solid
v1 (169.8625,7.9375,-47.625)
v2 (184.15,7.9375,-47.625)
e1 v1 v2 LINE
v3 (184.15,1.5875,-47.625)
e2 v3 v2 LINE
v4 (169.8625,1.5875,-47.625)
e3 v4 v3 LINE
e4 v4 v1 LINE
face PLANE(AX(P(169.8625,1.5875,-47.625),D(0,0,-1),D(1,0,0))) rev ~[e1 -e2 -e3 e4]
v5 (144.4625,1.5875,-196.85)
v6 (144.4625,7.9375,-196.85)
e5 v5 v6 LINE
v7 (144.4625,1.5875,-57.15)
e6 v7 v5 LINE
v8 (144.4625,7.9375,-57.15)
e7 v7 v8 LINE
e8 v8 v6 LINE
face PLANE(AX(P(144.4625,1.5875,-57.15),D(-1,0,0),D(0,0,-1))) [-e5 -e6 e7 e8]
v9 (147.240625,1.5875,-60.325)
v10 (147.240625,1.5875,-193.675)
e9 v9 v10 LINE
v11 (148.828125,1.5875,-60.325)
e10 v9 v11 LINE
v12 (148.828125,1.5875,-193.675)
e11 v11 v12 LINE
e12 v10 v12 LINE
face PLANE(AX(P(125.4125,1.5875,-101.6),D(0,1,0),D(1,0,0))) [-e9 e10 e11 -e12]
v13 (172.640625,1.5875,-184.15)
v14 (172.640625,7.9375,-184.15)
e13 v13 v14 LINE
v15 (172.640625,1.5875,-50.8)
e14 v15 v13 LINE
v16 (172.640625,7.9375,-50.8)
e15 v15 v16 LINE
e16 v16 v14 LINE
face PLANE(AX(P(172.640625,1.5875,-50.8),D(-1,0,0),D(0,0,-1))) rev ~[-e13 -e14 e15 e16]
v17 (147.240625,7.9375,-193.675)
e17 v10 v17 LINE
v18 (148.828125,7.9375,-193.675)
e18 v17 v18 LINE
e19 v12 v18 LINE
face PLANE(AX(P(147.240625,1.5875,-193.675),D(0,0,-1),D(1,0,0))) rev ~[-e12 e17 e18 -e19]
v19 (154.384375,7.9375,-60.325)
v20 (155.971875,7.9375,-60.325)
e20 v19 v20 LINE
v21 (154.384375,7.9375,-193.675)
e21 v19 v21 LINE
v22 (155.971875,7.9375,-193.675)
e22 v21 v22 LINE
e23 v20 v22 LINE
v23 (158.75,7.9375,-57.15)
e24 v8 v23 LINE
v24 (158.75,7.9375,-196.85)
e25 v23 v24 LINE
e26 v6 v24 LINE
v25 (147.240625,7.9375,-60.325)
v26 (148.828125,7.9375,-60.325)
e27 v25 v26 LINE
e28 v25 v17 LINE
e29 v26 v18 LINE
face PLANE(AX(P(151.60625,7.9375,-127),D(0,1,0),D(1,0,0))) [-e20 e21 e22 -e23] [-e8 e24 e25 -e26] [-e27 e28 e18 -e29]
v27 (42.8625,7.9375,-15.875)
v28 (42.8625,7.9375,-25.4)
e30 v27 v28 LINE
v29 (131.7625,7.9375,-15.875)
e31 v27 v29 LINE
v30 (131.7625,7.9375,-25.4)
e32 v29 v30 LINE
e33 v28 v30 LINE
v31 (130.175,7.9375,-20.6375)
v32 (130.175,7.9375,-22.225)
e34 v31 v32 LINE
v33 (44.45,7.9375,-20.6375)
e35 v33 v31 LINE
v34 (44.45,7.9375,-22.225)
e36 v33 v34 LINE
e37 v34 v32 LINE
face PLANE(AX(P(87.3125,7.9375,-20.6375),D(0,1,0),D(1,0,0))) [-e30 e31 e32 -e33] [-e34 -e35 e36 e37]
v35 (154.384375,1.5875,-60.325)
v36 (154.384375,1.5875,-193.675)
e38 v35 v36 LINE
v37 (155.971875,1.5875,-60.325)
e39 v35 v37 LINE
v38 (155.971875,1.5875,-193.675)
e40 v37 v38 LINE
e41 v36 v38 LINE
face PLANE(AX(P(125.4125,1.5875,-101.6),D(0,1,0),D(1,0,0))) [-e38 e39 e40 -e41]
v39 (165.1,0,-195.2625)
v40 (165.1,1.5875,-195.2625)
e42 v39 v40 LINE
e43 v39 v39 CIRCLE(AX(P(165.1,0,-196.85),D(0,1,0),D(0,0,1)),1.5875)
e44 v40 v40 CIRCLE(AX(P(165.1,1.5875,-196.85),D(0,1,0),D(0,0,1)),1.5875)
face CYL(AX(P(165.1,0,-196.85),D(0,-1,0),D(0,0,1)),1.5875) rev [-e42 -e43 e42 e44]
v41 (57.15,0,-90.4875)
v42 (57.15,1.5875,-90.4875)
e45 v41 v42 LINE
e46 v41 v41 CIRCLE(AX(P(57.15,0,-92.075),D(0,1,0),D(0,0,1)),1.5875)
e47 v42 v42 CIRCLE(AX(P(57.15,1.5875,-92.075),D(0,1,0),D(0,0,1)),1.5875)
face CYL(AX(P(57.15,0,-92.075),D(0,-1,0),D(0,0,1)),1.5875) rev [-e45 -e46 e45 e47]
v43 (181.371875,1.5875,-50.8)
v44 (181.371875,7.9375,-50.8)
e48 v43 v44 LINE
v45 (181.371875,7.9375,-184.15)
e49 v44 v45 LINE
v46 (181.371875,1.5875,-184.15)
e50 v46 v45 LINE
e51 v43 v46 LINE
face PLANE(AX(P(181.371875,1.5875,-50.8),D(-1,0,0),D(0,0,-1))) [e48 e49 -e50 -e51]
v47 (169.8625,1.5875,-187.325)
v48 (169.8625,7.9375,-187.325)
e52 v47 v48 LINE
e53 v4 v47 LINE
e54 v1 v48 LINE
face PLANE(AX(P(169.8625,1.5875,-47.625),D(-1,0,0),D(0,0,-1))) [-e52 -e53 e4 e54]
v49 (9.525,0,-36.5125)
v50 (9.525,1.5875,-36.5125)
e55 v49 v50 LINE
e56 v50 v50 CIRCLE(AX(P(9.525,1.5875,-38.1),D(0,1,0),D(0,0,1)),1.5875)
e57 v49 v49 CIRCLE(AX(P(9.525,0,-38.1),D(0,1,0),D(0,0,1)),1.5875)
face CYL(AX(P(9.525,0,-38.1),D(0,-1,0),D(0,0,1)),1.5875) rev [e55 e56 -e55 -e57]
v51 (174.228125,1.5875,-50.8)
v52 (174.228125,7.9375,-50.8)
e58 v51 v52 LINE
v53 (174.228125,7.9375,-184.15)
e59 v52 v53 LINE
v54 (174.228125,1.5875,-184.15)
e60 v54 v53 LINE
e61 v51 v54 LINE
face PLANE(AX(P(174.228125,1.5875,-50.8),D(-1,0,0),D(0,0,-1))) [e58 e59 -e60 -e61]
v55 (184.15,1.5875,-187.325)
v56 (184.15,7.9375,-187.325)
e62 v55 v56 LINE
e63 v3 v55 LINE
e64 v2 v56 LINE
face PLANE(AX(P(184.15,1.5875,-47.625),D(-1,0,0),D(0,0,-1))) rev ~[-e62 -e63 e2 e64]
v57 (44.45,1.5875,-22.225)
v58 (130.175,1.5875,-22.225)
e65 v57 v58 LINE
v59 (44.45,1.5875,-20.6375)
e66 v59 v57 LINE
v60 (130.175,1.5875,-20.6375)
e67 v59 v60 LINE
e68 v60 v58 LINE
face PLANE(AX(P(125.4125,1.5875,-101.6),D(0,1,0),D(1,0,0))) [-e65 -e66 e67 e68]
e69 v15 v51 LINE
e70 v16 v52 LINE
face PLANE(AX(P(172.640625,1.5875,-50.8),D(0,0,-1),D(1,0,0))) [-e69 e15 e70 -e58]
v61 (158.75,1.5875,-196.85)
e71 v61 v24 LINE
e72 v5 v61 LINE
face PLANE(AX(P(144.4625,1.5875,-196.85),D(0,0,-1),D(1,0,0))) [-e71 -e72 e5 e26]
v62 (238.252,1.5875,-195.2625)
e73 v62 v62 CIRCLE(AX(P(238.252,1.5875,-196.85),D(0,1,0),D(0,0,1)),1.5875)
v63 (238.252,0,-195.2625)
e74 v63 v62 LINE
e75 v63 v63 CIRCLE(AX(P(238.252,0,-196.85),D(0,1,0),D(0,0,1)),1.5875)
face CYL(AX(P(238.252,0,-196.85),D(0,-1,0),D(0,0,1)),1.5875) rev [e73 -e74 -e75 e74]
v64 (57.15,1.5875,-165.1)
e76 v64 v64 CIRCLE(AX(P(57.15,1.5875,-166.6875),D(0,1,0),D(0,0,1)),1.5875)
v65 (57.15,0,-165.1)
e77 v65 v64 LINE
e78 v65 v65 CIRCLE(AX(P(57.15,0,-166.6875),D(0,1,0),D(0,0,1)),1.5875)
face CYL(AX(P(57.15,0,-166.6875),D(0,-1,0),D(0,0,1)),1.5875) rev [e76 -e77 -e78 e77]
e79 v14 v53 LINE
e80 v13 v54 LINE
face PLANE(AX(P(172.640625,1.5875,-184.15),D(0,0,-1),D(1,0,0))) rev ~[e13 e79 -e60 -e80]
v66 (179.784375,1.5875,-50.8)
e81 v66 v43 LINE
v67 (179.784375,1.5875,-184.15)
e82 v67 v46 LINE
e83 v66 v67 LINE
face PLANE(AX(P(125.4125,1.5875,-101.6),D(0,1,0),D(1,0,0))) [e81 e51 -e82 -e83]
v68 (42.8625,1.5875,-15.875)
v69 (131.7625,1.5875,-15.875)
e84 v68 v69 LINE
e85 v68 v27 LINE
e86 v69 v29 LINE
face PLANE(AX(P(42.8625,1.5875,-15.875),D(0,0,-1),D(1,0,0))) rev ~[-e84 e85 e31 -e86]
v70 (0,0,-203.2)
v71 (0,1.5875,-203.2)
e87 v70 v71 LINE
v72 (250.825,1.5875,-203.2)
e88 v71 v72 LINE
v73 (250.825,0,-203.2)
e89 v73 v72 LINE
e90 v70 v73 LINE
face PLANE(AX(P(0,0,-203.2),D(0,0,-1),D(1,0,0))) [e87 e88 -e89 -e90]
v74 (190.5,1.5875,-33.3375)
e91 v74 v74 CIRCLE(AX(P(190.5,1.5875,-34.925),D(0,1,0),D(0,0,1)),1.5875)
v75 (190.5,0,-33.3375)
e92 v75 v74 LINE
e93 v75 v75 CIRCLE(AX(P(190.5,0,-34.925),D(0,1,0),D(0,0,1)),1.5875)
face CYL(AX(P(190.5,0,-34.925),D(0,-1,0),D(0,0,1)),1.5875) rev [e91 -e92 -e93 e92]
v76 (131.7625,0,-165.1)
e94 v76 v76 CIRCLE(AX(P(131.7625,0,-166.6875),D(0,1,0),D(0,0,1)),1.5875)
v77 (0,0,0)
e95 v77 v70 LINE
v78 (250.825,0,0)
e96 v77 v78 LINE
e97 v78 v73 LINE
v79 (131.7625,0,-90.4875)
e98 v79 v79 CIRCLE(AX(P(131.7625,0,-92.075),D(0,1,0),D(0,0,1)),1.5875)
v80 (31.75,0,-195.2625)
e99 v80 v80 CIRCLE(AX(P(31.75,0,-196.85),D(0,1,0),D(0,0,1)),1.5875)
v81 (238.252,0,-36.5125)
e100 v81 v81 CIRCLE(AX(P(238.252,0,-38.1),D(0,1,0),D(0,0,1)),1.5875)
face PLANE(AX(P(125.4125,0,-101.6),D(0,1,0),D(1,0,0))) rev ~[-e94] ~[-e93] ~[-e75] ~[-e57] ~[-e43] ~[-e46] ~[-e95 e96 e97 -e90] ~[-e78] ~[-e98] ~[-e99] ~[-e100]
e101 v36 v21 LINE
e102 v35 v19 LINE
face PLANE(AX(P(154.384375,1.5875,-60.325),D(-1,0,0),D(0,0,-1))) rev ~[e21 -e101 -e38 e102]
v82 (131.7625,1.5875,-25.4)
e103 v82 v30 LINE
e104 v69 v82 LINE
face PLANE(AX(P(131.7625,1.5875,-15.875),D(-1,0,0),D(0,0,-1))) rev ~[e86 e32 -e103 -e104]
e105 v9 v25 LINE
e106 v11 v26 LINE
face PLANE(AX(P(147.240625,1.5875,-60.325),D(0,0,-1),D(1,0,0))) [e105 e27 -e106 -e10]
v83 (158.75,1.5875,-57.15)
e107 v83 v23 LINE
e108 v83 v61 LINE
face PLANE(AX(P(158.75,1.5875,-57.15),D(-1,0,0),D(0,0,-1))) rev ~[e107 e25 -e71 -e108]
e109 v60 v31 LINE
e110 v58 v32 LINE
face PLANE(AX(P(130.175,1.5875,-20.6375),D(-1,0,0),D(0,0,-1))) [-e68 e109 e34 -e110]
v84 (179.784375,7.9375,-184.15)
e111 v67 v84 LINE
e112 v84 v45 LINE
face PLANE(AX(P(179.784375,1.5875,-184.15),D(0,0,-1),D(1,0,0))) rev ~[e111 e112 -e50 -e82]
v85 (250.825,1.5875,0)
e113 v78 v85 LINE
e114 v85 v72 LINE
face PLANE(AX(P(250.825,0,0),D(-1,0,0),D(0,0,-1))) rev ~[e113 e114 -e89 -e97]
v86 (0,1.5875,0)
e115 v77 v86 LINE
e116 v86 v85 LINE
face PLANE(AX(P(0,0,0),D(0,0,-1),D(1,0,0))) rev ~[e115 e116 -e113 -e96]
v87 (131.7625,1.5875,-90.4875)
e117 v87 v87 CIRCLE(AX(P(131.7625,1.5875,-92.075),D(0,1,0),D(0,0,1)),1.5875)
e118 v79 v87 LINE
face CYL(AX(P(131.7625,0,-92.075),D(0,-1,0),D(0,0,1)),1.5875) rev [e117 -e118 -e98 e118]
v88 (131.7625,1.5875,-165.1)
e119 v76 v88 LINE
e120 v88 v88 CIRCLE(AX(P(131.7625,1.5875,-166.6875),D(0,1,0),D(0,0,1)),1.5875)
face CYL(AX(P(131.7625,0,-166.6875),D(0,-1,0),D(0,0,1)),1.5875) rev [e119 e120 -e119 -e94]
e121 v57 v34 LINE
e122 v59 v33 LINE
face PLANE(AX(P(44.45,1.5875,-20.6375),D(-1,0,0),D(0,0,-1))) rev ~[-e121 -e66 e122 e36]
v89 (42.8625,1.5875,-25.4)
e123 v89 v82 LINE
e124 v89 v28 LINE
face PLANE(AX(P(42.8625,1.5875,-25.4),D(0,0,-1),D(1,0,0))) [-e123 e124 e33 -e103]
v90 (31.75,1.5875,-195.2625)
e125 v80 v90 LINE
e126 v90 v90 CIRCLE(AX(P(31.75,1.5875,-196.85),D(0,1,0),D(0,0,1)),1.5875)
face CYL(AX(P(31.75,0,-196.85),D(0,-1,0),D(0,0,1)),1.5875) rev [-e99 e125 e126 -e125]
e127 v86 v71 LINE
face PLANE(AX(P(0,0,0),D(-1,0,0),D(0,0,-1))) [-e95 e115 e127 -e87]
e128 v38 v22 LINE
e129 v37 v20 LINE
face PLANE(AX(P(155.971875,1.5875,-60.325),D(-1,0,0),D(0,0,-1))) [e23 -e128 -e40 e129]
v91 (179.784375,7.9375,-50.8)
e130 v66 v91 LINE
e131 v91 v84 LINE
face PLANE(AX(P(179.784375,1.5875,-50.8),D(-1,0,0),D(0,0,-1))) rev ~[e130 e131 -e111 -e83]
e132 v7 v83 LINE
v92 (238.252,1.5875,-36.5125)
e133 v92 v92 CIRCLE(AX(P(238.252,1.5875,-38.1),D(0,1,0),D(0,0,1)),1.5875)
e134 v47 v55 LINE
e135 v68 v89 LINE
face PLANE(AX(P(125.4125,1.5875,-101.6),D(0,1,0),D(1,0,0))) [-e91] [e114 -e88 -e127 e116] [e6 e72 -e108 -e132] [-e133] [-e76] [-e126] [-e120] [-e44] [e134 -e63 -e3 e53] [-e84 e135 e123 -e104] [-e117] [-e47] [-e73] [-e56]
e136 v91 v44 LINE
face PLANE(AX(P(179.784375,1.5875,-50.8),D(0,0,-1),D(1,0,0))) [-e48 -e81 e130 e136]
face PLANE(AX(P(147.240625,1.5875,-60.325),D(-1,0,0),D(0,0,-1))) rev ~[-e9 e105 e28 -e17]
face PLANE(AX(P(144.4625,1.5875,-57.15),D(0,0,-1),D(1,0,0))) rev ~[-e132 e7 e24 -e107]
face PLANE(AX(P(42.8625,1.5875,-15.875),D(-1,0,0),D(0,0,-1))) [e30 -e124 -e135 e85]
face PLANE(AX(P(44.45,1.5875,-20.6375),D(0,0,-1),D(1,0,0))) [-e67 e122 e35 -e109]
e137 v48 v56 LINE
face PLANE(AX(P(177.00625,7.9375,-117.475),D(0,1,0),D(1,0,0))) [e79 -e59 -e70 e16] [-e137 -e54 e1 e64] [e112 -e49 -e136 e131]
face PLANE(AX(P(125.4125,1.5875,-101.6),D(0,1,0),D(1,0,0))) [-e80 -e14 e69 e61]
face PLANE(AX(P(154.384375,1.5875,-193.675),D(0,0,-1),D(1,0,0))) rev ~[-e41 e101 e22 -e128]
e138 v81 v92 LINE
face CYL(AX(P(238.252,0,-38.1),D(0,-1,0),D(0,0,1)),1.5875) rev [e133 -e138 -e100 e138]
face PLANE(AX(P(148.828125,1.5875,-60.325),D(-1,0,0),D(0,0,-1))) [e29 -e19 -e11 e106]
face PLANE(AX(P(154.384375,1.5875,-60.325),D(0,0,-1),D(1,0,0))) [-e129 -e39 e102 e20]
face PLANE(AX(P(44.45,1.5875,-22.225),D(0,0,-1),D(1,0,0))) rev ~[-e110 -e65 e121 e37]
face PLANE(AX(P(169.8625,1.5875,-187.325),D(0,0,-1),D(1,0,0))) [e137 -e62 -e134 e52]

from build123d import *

# Parameters (mm, degrees)
SKETCH1_W           = 250.825
SKETCH1_H           = 203.2
SKETCH1_R           = 1.5875
BOSS_EXTRUDE1_DEPTH = 1.5875
SKETCH2_W           = 14.2875
SKETCH2_H           = 139.7
SKETCH2_W_2         = 1.5875
SKETCH2_H_2         = 133.35
SKETCH2_W_3         = 88.9
SKETCH2_H_3         = 9.525
SKETCH2_W_4         = 85.725
SKETCH2_H_4         = 1.5875
BOSS_EXTRUDE2_DEPTH = 6.35


with BuildPart() as part:
    # Sketch1 → Boss-Extrude1 (new body)
    with BuildSketch(Plane(origin=(0, 0, 0), x_dir=(1, 0, 0), z_dir=(0, 1, 0))):
        with Locations((125.4125, 101.6)):
            Rectangle(SKETCH1_W, SKETCH1_H)
        with Locations(Location((31.75, 196.85, 0), (0, 0, 270))):
            Circle(SKETCH1_R, mode=Mode.SUBTRACT)
        with Locations(Location((165.1, 196.85, 0), (0, 0, 270))):
            Circle(SKETCH1_R, mode=Mode.SUBTRACT)
        with Locations(Location((238.252, 196.85, 0), (0, 0, 270))):
            Circle(SKETCH1_R, mode=Mode.SUBTRACT)
        with Locations(Location((238.252, 38.1, 0), (0, 0, 270))):
            Circle(SKETCH1_R, mode=Mode.SUBTRACT)
        with Locations(Location((190.5, 34.925, 0), (0, 0, 270))):
            Circle(SKETCH1_R, mode=Mode.SUBTRACT)
        with Locations(Location((9.525, 38.1, 0), (0, 0, 270))):
            Circle(SKETCH1_R, mode=Mode.SUBTRACT)
        with Locations(Location((57.15, 166.6875, 0), (0, 0, 270))):
            Circle(SKETCH1_R, mode=Mode.SUBTRACT)
        with Locations(Location((131.7625, 166.6875, 0), (0, 0, 270))):
            Circle(SKETCH1_R, mode=Mode.SUBTRACT)
        with Locations(Location((131.7625, 92.075, 0), (0, 0, 270))):
            Circle(SKETCH1_R, mode=Mode.SUBTRACT)
        with Locations(Location((57.15, 92.075, 0), (0, 0, 270))):
            Circle(SKETCH1_R, mode=Mode.SUBTRACT)
    extrude(amount=BOSS_EXTRUDE1_DEPTH)

    # Sketch2 → Boss-Extrude2 (add)
    # profile 1 of 3: a face of its own
    with BuildSketch(Plane(origin=(0, 1.5875, 0), x_dir=(1, 0, 0), z_dir=(0, 1, 0))):
        with Locations((151.60625, 127)):
            Rectangle(SKETCH2_W, SKETCH2_H)
        with Locations((148.034375, 127)):
            Rectangle(SKETCH2_W_2, SKETCH2_H_2, mode=Mode.SUBTRACT)
        with Locations((155.178125, 127)):
            Rectangle(SKETCH2_W_2, SKETCH2_H_2, mode=Mode.SUBTRACT)
    # profile 2 of 3: a face of its own
    with BuildSketch(Plane(origin=(0, 1.5875, 0), x_dir=(1, 0, 0), z_dir=(0, 1, 0))):
        with Locations((177.00625, 117.475)):
            Rectangle(SKETCH2_W, SKETCH2_H)
        with Locations((173.434375, 117.475)):
            Rectangle(SKETCH2_W_2, SKETCH2_H_2, mode=Mode.SUBTRACT)
        with Locations((180.578125, 117.475)):
            Rectangle(SKETCH2_W_2, SKETCH2_H_2, mode=Mode.SUBTRACT)
    # profile 3 of 3: a face of its own
    with BuildSketch(Plane(origin=(0, 1.5875, 0), x_dir=(1, 0, 0), z_dir=(0, 1, 0))):
        with Locations((87.3125, 20.6375)):
            Rectangle(SKETCH2_W_3, SKETCH2_H_3)
        with Locations((87.3125, 21.43125)):
            Rectangle(SKETCH2_W_4, SKETCH2_H_4, mode=Mode.SUBTRACT)
    extrude(amount=BOSS_EXTRUDE2_DEPTH)


solid = part.part
